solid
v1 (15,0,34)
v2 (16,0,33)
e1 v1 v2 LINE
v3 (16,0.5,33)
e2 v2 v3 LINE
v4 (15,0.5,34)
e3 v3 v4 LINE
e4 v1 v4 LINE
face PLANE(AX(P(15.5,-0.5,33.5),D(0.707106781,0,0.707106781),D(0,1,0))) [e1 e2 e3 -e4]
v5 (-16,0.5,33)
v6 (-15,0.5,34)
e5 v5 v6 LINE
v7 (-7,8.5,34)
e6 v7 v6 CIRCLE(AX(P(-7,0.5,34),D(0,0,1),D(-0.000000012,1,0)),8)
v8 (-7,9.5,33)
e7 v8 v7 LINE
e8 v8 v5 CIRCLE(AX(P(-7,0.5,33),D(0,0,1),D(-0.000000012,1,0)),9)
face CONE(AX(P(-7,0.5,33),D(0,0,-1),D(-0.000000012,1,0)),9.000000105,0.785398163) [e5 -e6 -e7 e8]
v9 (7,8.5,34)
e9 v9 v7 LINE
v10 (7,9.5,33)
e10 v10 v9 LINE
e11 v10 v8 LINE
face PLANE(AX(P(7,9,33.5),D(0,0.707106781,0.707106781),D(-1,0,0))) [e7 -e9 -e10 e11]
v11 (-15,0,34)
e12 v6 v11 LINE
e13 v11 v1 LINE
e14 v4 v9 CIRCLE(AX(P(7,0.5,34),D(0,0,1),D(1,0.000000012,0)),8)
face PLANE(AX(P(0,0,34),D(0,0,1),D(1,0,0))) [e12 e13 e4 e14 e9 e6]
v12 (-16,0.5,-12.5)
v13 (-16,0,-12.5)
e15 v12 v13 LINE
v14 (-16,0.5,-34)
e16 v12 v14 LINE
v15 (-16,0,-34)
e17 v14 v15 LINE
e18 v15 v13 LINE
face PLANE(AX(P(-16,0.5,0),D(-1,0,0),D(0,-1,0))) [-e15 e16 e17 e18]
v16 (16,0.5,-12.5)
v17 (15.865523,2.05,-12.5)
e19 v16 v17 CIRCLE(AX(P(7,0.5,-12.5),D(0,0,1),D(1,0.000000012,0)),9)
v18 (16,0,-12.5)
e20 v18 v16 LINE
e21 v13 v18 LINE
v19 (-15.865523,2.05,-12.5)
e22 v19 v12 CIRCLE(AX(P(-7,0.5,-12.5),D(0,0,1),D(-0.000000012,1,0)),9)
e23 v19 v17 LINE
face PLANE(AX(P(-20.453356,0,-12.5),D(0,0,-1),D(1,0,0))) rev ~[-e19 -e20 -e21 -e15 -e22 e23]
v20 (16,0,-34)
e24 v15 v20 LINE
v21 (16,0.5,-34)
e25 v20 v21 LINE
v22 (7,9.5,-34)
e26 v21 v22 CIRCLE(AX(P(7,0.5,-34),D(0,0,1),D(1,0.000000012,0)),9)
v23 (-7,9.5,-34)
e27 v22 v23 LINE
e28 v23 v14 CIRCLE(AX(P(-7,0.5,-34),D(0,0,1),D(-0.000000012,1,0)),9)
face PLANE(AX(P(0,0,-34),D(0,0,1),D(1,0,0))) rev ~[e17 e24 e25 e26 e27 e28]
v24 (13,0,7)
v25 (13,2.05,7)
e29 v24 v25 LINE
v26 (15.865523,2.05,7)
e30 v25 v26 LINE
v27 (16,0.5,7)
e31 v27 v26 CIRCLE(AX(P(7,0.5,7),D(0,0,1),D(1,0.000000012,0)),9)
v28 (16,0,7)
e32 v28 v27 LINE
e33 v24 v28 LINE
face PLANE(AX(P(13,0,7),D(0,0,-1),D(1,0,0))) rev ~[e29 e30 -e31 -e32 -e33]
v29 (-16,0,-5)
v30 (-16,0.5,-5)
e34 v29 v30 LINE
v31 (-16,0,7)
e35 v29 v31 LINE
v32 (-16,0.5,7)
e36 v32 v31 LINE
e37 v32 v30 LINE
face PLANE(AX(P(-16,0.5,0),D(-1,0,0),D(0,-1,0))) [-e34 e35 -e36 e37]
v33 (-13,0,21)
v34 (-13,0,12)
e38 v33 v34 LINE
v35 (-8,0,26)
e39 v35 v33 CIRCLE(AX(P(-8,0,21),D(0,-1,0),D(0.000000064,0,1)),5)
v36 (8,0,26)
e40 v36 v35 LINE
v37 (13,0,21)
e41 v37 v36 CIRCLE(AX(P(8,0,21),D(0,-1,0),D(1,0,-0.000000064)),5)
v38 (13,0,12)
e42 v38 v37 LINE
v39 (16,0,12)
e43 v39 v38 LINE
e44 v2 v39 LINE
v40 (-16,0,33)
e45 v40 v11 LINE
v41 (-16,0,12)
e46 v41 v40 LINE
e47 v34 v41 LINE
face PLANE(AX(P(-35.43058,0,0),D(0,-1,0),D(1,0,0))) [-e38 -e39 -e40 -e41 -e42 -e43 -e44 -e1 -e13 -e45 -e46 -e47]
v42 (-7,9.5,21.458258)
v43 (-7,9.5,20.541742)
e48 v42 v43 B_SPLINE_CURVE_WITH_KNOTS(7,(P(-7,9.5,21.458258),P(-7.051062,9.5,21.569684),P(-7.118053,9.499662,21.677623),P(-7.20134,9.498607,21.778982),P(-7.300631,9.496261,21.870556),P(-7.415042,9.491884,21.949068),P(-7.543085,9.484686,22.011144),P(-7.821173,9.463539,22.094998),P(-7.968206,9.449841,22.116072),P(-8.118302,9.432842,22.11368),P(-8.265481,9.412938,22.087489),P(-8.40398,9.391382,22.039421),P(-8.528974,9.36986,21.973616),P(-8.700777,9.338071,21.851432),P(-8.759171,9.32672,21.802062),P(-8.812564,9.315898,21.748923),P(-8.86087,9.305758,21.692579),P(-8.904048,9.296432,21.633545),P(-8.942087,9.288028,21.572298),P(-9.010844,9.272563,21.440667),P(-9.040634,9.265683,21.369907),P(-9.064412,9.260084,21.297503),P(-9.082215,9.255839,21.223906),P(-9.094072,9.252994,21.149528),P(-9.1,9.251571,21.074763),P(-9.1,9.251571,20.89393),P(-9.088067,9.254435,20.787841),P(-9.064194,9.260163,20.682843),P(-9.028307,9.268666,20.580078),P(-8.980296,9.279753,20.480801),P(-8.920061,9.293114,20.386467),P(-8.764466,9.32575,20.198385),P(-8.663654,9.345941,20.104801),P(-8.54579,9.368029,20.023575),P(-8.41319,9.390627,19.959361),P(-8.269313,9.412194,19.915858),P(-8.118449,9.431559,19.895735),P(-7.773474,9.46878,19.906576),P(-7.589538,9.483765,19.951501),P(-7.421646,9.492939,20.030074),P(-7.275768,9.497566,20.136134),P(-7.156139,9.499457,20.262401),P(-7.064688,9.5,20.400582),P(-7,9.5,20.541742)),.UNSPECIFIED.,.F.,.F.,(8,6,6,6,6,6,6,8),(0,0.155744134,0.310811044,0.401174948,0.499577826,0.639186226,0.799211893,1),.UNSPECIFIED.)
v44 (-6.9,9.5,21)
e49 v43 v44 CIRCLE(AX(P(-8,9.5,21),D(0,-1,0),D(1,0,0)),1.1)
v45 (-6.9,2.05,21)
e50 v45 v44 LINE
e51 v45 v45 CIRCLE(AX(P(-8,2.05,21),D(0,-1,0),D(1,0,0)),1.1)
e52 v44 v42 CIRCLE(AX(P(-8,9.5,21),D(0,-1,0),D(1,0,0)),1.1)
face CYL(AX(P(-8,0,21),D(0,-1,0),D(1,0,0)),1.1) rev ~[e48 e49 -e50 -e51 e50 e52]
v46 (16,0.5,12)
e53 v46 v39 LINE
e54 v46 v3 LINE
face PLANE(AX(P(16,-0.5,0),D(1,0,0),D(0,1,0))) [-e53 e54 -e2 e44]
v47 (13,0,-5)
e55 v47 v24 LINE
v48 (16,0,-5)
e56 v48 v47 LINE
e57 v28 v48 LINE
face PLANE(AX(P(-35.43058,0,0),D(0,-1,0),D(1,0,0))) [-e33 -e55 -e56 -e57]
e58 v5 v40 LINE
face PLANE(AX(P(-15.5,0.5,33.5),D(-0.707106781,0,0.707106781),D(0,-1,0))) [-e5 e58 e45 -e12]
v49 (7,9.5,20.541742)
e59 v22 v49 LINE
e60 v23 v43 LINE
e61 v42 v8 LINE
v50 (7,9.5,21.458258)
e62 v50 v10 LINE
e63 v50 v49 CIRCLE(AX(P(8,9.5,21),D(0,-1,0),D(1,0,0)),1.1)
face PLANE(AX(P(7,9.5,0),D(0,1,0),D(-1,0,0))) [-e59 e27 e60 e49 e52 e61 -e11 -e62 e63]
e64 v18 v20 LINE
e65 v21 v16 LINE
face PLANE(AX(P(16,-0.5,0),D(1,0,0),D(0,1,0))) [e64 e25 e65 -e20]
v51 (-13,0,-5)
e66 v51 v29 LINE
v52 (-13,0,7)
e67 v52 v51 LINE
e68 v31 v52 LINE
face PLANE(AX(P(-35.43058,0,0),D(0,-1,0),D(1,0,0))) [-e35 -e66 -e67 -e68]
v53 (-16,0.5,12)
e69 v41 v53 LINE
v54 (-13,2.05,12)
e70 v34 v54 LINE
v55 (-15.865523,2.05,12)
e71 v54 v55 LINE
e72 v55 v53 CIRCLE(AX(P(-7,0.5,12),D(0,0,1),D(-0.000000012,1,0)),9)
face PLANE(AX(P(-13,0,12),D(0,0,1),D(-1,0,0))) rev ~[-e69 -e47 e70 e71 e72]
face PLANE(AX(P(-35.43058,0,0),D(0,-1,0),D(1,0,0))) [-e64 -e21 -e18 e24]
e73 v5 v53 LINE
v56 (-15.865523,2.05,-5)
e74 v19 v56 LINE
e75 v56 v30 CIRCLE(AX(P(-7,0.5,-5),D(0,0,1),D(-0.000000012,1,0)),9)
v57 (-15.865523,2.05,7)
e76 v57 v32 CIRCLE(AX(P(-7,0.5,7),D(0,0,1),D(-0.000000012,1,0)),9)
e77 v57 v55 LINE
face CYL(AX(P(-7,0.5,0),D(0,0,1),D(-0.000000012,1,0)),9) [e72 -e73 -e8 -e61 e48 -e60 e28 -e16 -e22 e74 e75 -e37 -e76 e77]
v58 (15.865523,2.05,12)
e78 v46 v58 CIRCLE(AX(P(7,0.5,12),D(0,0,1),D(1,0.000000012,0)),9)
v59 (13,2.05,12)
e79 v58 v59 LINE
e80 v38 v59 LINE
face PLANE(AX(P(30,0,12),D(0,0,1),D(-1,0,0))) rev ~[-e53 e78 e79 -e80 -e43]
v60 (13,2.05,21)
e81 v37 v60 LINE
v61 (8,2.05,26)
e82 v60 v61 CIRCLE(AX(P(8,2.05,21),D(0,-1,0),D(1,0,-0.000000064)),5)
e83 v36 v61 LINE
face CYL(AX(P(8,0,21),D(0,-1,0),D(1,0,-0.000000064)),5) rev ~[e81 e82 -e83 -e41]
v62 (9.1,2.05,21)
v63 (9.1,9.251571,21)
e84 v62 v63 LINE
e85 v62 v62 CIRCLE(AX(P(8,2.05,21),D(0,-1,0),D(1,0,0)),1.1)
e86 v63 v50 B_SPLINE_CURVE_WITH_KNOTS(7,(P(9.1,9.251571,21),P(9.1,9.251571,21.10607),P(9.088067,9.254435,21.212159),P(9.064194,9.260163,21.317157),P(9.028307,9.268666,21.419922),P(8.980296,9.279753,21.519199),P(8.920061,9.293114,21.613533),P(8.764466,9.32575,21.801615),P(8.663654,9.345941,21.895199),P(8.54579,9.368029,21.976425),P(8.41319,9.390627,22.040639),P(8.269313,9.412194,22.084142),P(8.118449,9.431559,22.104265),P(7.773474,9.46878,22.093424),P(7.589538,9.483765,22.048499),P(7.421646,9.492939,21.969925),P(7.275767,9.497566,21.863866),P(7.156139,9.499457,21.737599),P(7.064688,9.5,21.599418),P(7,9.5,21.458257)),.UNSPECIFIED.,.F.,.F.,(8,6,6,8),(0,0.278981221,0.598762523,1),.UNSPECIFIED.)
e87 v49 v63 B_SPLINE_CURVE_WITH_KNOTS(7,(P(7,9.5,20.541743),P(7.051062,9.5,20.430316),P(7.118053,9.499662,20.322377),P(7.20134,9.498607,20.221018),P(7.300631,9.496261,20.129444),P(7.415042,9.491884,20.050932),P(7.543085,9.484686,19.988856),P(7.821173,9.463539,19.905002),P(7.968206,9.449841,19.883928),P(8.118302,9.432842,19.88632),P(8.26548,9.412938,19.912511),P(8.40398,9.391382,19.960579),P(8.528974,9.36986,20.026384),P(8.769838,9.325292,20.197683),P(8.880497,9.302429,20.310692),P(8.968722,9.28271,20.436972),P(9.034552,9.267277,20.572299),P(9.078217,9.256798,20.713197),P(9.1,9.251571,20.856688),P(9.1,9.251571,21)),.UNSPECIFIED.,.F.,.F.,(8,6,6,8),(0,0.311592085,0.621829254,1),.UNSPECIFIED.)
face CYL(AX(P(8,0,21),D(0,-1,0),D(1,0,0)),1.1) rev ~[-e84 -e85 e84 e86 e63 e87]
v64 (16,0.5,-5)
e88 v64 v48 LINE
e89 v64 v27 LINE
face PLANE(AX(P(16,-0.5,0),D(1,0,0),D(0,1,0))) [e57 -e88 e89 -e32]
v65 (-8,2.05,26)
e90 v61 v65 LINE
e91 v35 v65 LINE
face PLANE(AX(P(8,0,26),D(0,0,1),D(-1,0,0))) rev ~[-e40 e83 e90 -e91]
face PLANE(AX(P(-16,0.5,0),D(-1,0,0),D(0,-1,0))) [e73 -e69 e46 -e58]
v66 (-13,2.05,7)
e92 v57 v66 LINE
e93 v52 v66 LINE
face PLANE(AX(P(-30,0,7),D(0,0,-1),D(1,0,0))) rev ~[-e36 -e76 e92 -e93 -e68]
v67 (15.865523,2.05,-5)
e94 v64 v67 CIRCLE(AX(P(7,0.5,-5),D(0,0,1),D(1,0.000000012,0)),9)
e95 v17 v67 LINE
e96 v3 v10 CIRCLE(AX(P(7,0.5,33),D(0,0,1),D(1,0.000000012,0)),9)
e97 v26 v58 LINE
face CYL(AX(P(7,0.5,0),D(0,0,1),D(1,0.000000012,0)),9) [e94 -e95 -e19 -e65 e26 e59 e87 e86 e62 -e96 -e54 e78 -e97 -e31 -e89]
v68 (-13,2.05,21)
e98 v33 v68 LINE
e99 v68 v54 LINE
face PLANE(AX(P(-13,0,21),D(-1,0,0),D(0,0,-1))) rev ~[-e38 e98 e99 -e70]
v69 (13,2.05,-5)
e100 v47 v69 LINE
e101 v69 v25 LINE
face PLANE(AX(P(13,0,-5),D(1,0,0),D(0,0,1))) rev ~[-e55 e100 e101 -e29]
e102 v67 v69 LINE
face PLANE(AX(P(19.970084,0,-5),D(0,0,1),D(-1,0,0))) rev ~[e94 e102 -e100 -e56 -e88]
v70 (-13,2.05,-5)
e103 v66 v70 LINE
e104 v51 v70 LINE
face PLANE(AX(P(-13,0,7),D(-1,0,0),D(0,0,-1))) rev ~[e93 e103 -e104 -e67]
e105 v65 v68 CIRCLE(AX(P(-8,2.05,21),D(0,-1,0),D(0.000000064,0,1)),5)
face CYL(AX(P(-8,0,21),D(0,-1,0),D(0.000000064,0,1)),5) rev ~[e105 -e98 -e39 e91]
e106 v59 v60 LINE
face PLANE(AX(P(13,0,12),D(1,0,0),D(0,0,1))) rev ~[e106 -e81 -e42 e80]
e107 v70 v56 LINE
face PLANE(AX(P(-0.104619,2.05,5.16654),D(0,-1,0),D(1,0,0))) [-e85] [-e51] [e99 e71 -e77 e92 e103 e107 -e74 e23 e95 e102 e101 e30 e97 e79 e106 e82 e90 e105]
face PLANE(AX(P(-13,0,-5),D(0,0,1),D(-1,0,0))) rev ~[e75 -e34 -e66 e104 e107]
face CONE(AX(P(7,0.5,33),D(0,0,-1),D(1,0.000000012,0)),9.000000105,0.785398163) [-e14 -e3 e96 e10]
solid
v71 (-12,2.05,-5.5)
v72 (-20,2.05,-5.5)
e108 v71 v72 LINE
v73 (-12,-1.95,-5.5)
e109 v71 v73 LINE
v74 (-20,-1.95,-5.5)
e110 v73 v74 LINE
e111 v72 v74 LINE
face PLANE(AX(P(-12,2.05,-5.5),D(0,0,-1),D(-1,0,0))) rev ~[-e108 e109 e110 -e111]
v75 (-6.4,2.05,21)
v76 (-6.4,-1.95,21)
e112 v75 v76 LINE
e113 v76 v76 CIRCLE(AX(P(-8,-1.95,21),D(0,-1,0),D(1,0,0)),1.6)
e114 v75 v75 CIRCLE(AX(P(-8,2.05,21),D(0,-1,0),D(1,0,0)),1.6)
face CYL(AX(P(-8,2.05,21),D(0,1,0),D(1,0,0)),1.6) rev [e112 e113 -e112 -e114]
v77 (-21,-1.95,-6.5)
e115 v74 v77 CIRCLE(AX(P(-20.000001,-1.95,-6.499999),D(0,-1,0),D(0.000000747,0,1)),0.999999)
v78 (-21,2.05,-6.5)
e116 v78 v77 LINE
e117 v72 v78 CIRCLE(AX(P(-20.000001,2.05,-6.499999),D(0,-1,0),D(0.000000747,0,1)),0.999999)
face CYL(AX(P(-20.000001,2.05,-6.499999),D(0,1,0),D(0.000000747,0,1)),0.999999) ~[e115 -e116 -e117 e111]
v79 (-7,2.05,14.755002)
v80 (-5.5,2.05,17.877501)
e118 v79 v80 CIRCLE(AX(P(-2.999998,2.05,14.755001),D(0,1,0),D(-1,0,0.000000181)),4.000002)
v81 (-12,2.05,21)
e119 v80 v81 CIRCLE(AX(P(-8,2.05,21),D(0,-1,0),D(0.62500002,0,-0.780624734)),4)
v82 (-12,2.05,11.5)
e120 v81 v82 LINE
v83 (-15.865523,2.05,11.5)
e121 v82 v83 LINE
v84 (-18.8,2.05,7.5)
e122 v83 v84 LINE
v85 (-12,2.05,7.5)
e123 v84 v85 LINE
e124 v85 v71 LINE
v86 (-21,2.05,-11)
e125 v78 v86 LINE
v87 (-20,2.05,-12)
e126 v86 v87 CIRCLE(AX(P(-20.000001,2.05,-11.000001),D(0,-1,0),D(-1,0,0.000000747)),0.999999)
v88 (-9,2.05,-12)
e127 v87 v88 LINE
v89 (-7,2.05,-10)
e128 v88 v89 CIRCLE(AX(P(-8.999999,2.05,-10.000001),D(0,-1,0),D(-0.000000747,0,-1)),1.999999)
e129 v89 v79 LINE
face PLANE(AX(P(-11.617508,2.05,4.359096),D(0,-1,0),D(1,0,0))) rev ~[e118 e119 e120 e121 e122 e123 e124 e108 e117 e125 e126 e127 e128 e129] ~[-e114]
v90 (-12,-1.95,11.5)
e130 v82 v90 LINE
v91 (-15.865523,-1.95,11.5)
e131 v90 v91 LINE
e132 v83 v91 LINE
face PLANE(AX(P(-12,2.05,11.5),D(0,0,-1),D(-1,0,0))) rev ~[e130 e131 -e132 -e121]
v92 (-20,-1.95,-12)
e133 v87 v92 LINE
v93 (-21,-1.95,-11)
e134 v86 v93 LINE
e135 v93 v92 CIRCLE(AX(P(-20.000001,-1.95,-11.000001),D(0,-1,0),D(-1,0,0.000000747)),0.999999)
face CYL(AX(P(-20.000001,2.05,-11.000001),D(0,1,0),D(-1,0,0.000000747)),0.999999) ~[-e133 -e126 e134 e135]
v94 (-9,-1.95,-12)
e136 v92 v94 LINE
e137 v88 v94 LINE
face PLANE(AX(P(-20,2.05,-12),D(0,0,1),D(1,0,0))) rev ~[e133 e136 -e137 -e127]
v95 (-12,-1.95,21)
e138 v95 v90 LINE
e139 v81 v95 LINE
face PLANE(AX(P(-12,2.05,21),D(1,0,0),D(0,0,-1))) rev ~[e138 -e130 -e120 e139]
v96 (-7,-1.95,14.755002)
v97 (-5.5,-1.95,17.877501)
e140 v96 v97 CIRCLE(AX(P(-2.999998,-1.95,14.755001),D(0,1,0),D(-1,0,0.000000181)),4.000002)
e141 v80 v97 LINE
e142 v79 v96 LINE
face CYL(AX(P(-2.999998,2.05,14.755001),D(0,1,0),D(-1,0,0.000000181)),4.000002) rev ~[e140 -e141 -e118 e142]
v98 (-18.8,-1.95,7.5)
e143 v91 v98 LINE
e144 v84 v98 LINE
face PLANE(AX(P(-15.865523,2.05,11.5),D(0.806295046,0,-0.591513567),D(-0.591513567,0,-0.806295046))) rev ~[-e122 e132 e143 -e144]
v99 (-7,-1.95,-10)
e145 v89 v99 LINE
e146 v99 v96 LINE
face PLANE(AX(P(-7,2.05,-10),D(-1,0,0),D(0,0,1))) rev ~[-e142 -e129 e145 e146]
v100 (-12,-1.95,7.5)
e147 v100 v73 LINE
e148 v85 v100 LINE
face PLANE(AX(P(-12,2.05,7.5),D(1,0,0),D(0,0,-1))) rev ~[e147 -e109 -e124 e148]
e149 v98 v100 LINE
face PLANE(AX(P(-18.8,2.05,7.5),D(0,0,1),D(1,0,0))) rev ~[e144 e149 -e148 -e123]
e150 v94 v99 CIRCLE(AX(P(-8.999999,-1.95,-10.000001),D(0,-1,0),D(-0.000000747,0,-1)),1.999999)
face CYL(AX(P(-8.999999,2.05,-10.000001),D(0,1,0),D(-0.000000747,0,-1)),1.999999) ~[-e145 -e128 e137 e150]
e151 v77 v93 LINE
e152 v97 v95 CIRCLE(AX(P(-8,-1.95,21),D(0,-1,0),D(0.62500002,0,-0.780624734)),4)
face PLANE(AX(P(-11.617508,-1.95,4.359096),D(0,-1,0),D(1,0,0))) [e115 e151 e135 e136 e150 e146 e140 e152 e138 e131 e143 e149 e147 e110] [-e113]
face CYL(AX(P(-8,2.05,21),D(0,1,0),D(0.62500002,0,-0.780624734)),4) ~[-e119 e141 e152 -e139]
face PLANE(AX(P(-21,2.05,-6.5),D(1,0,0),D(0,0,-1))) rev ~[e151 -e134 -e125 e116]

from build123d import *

# Parameters (mm, degrees)
F1_DEPTH = 34
F2_SIZE  = 1
F3_W     = 74.736379
F3_H     = 20.344906
F4_DEPTH = 35
F5_R     = 1.1
F6_DEPTH = 2.05
F7_DEPTH = 25
F8_R     = 1.6
F9_DEPTH = 4


with BuildPart() as f1:
    # F0 (on Top) → F1 (new body, symmetric)
    with BuildSketch(Plane.XY):
        with BuildLine():
            Line((-7, -9.5), (7, -9.5))
            ThreePointArc((7, -9.5), (13.363961, -6.863961), (16, -0.5))
            Line((16, -0.5), (16, 0.5))
            ThreePointArc((16, 0.5), (13.363961, 6.863961), (7, 9.5))
            Line((7, 9.5), (-7, 9.5))
            ThreePointArc((-7, 9.5), (-13.363961, 6.863961), (-16, 0.5))
            Line((-16, 0.5), (-16, -0.5))
            ThreePointArc((-16, -0.5), (-13.363961, -6.863961), (-7, -9.5))
        make_face()
    extrude(amount=F1_DEPTH, both=True)

    # F2
    f2_edges = [f1.edges().sort_by_distance(p)[0] for p in [
        (0, -9.5, 34),
        (13.363961, -6.863961, 34),
        (16, 0, 34),
        (13.363961, 6.863961, 34),
        (0, 9.5, 34),
        (-13.363961, 6.863961, 34),
        (-16, 0, 34),
        (-13.363961, -6.863961, 34),
    ]]
    chamfer(f2_edges, length=F2_SIZE)

    # F3 (on Top) → F4 (cut, symmetric)
    with BuildSketch(Plane.XY):
        with Locations((1.93761, -10.172453)):
            Rectangle(F3_W, F3_H)
    extrude(amount=F4_DEPTH, both=True, mode=Mode.SUBTRACT)

    # F5 (on Front) → F6 (cut)
    with BuildSketch(Plane.XZ):
        with BuildLine():
            ThreePointArc((13, 21), (11.535534, 24.535534), (8, 26))
            Line((8, 26), (-8, 26))
            ThreePointArc((-8, 26), (-11.535534, 24.535534), (-13, 21))
            Line((-13, 21), (-13, 12))
            Line((-13, 12), (-30, 12))
            Line((-30, 12), (-30, 7))
            Line((-30, 7), (-13, 7))
            Line((-13, 7), (-13, -5))
            Line((-13, -5), (-20.453356, -5))
            Line((-20.453356, -5), (-20.453356, -12.5))
            Line((-20.453356, -12.5), (19.970084, -12.5))
            Line((19.970084, -12.5), (19.970084, -5))
            Line((19.970084, -5), (13, -5))
            Line((13, -5), (13, 7))
            Line((13, 7), (30, 7))
            Line((30, 7), (30, 12))
            Line((30, 12), (13, 12))
            Line((13, 12), (13, 21))
        make_face()
        with Locations((-8, 21)):
            Circle(F5_R, mode=Mode.SUBTRACT)
        with Locations((8, 21)):
            Circle(F5_R, mode=Mode.SUBTRACT)
        with Locations((-8, 21)):
            Circle(F5_R)
        with Locations((8, 21)):
            Circle(F5_R)
    extrude(amount=-F6_DEPTH, mode=Mode.SUBTRACT)

    # F5 (on Front) → F7 (cut)
    with BuildSketch(Plane.XZ):
        with Locations((-8, 21)):
            Circle(F5_R)
        with Locations((8, 21)):
            Circle(F5_R)
    extrude(amount=-F7_DEPTH, mode=Mode.SUBTRACT)


with BuildPart() as f9:
    # F8 (on face) → F9 (new body)
    with BuildSketch(Plane.XZ.offset(-2.05)):
        with BuildLine():
            Line((-12, 11.5), (-15.865523, 11.5))
            Line((-15.865523, 11.5), (-18.8, 7.5))
            Line((-18.8, 7.5), (-12, 7.5))
            Line((-12, 7.5), (-12, -5.5))
            Line((-12, -5.5), (-20, -5.5))
            ThreePointArc((-20, -5.5), (-20.707107, -5.792893), (-21, -6.5))
            Line((-21, -6.5), (-21, -11))
            ThreePointArc((-21, -11), (-20.707107, -11.707107), (-20, -12))
            Line((-20, -12), (-9, -12))
            ThreePointArc((-9, -12), (-7.585786, -11.414214), (-7, -10))
            Line((-7, -10), (-7, -1))
            Line((-7, -1), (-7, 1))
            Line((-7, 1), (-7, 14.755002))
            ThreePointArc((-7, 14.755002), (-6.605551, 16.487053), (-5.5, 17.877501))
            ThreePointArc((-5.5, 17.877501), (-6.267949, 24.605551), (-12, 21))
            Line((-12, 21), (-12, 11.5))
        make_face()
        with Locations((-8, 21)):
            Circle(F8_R, mode=Mode.SUBTRACT)
    extrude(amount=F9_DEPTH)


solid = Compound([f1.part, f9.part])
